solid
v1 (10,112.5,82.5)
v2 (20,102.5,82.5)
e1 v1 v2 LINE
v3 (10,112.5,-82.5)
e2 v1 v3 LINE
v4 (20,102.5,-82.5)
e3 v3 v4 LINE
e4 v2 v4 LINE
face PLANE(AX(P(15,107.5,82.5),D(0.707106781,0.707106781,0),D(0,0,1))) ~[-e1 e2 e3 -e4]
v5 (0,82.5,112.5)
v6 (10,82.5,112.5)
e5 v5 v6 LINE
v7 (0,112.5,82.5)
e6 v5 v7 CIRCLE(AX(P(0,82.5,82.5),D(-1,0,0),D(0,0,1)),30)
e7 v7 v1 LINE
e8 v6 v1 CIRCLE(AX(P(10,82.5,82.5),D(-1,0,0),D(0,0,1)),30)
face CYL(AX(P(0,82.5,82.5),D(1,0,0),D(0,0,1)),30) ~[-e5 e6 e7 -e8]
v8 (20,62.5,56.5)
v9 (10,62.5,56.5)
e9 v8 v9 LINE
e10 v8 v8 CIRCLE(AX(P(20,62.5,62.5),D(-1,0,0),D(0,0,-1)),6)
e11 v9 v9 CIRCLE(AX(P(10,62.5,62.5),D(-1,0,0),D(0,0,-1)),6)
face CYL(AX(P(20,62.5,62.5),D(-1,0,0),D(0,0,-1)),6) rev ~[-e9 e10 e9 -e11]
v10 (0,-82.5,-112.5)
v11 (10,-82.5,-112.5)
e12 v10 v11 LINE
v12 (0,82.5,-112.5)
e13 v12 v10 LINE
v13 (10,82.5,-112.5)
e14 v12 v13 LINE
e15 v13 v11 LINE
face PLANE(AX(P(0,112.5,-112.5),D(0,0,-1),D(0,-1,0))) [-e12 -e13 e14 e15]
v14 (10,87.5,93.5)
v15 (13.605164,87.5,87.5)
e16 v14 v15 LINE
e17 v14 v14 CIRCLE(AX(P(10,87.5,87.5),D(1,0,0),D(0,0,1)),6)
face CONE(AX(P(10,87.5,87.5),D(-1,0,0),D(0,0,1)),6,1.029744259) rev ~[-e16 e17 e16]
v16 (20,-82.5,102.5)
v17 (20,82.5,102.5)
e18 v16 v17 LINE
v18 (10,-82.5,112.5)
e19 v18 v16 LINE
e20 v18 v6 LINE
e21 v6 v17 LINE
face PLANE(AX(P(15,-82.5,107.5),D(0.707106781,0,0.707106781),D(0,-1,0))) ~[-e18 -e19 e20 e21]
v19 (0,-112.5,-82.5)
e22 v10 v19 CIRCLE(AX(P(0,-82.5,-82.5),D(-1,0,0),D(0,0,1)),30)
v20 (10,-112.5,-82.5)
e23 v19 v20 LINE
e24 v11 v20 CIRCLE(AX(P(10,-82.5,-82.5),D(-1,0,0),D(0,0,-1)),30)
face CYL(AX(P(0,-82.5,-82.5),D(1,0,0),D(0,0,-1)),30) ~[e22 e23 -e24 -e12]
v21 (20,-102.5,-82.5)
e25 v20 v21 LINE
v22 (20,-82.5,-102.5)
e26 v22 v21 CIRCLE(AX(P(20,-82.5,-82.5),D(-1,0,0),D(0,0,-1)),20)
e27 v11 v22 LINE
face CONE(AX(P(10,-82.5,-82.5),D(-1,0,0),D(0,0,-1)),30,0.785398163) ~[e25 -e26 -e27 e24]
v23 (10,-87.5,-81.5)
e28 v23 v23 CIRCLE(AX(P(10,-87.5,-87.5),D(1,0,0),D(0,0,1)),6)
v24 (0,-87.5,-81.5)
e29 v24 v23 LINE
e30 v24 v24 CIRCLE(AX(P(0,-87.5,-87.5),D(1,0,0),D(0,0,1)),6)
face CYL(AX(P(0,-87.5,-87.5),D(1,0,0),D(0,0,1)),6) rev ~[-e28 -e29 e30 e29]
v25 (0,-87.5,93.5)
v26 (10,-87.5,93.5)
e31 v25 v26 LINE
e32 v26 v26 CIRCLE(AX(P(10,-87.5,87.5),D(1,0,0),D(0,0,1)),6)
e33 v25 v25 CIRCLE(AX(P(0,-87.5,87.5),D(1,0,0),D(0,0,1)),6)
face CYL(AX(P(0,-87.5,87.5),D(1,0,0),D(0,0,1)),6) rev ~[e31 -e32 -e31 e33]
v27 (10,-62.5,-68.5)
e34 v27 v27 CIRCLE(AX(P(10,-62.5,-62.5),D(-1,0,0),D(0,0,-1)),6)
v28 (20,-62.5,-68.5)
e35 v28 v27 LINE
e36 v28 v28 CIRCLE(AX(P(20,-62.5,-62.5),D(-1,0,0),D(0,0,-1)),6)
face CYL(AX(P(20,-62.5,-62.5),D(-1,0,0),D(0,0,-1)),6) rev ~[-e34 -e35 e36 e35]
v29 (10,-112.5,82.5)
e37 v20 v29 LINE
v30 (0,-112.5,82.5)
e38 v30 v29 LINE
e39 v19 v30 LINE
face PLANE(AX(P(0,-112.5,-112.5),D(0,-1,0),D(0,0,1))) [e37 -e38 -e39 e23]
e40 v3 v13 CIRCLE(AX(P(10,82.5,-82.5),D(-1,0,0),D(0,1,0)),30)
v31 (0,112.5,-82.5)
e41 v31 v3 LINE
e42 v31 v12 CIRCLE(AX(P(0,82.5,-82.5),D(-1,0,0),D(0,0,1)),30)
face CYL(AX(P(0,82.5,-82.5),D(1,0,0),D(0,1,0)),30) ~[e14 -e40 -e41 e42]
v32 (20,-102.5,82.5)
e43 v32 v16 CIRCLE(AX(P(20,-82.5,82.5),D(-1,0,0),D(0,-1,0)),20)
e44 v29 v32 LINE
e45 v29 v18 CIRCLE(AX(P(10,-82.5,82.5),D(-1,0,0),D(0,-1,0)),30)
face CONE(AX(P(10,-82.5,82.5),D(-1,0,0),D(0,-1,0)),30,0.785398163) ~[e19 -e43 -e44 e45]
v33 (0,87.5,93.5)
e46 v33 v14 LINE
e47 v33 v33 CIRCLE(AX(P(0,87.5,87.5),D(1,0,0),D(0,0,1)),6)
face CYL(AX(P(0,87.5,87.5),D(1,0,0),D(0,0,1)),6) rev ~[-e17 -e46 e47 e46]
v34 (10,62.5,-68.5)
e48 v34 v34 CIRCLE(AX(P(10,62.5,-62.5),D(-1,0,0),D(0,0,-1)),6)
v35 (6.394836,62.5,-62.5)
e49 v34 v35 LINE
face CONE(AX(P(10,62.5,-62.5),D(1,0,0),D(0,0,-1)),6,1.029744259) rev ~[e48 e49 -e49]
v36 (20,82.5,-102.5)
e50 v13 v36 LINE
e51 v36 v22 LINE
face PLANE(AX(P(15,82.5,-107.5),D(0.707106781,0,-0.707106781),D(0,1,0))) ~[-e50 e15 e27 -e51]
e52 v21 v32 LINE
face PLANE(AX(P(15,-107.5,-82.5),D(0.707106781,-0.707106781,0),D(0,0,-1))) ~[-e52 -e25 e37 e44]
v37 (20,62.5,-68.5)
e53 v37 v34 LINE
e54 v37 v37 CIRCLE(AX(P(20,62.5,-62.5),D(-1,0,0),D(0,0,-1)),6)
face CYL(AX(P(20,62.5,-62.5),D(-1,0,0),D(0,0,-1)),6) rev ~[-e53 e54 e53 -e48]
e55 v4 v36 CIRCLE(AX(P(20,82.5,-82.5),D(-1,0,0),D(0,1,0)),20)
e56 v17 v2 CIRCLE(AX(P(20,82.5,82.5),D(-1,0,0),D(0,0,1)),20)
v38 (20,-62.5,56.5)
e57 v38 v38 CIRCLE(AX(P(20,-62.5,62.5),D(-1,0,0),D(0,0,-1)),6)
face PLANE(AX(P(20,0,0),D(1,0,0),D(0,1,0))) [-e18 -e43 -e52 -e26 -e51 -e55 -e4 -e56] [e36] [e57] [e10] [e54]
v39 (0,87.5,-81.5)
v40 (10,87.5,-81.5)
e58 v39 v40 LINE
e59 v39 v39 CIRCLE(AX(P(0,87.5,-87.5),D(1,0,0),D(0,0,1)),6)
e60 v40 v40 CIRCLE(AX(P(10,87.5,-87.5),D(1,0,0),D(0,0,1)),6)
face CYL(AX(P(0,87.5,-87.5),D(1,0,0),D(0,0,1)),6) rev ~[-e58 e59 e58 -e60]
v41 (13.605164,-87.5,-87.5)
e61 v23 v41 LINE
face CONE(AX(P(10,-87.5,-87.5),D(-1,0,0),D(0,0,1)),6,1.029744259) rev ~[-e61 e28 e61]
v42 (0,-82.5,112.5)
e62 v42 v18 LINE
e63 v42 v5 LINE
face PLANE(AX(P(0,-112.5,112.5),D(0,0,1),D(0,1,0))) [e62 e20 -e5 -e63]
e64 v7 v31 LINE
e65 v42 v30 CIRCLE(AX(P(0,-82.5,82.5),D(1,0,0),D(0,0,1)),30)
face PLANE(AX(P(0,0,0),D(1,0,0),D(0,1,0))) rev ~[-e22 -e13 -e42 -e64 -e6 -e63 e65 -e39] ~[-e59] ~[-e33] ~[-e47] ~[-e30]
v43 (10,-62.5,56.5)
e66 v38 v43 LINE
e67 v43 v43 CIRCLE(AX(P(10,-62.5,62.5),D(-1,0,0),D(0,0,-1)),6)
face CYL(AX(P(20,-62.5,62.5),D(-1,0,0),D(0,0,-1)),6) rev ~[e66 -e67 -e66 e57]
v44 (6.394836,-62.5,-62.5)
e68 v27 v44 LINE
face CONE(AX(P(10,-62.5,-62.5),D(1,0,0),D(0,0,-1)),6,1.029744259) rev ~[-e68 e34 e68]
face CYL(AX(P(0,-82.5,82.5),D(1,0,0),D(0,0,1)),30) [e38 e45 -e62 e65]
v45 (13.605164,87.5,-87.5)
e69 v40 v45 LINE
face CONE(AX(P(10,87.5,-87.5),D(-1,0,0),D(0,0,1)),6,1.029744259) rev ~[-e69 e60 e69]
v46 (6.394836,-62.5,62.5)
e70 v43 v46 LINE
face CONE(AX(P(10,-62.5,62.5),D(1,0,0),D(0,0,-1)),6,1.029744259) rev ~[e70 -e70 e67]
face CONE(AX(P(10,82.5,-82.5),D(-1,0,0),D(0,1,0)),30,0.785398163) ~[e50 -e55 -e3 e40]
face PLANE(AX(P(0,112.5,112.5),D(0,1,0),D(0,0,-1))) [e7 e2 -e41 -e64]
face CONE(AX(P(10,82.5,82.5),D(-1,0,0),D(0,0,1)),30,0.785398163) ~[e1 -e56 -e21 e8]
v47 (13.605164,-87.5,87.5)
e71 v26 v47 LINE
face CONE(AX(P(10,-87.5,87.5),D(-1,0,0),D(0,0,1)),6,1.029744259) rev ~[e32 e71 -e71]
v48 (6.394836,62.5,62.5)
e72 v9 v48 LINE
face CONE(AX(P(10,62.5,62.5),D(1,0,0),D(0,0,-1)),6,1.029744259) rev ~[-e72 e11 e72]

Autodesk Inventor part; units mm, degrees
ref_plane "YZ Plane" through (0, 0, 0) normal (1, 0, 0) x (0, 1, 0)
ref_plane "XZ Plane" through (0, 0, 0) normal (0, 1, 0) x (-1, 0, 0)
ref_plane "XY Plane" through (0, 0, 0) normal (0, 0, 1) x (1, 0, 0)
sketch "草圖1" plane through (0, 0, 0) normal (1, 0, 0) x (0, 1, 0)
  line L0 (-112.5, 112.5) -> (112.5, 112.5)
  line L1 (112.5, 112.5) -> (112.5, -112.5)
  line L2 (112.5, -112.5) -> (-112.5, -112.5)
  line L3 (-112.5, -112.5) -> (-112.5, 112.5)
  line L4 (-112.5, 112.5) -> (112.5, -112.5) construction
  line L5 (112.5, 112.5) -> (-112.5, -112.5) construction
  point P0 (0, 0)
  dimension "d0" = 225
  dimension "d1" = 225
extrude "擠出1" add sketch "草圖1" along normal blind 20
fillet "圓角1" radius 30 4 edges at (10, 112.5, 112.5) (10, -112.5, 112.5) (10, 112.5, -112.5) (10, -112.5, -112.5)
chamfer "倒角1" distance 10 angle 45 8 edges at (20, 0, 112.5) (20, -103.7132, 103.7132) (20, -112.5, 0) (20, -103.7132, -103.7132) (20, 0, -112.5) (20, 103.7132, -103.7132) (20, 112.5, 0) (20, 103.7132, 103.7132)
sketch "草圖2" plane through (20, 0, 0) normal (1, 0, 0) x (0, 0, -1)
  line L0 (-62.5, -62.5) -> (62.5, -62.5)
  line L1 (62.5, -62.5) -> (62.5, 62.5)
  line L2 (62.5, 62.5) -> (-62.5, 62.5)
  line L3 (-62.5, 62.5) -> (-62.5, -62.5)
  line L4 (-62.5, -62.5) -> (62.5, 62.5) construction
  line L5 (62.5, -62.5) -> (-62.5, 62.5) construction
  point P0 (0, 0)
  dimension "d8" = 125
  dimension "d9" = 125
hole "孔1" at (20, 62.5, 62.5) at (20, 62.5, -62.5) at (20, -62.5, 62.5) at (20, -62.5, -62.5) direction (-1, 0, 0) diameter 12 depth 10 tip angle 118
sketch "草圖3" plane through (0, 0, 0) normal (-1, 0, 0) x (0, 0, 1)
  arc A0 (-112.5, -82.5) -> (-82.5, -112.5) centre (-82.5, -82.5) ccw projected
  line L0 (-82.5, -112.5) -> (82.5, -112.5) projected
  arc A1 (82.5, -112.5) -> (112.5, -82.5) centre (82.5, -82.5) ccw projected
  line L1 (112.5, -82.5) -> (112.5, 82.5) projected
  arc A2 (112.5, 82.5) -> (82.5, 112.5) centre (82.5, 82.5) ccw projected
  line L2 (82.5, 112.5) -> (-82.5, 112.5) projected
  arc A3 (-82.5, 112.5) -> (-112.5, 82.5) centre (-82.5, 82.5) ccw projected
  line L3 (-112.5, 82.5) -> (-112.5, -82.5) projected
  line L4 (87.5, 87.5) -> (-87.5, 87.5)
  line L5 (-87.5, 87.5) -> (-87.5, -87.5)
  line L6 (-87.5, -87.5) -> (87.5, -87.5)
  line L7 (87.5, -87.5) -> (87.5, 87.5)
  line L8 (87.5, 87.5) -> (-87.5, -87.5) construction
  line L9 (-87.5, 87.5) -> (87.5, -87.5) construction
  point P0 (0, 0)
  dimension "d17" = 175
  dimension "d18" = 175
hole "孔2" at (0, -87.5, 87.5) at (0, -87.5, -87.5) at (0, 87.5, -87.5) at (0, 87.5, 87.5) direction (1, 0, 0) diameter 12 depth 10 tip angle 118
properties part number "exercise3-1-3"
